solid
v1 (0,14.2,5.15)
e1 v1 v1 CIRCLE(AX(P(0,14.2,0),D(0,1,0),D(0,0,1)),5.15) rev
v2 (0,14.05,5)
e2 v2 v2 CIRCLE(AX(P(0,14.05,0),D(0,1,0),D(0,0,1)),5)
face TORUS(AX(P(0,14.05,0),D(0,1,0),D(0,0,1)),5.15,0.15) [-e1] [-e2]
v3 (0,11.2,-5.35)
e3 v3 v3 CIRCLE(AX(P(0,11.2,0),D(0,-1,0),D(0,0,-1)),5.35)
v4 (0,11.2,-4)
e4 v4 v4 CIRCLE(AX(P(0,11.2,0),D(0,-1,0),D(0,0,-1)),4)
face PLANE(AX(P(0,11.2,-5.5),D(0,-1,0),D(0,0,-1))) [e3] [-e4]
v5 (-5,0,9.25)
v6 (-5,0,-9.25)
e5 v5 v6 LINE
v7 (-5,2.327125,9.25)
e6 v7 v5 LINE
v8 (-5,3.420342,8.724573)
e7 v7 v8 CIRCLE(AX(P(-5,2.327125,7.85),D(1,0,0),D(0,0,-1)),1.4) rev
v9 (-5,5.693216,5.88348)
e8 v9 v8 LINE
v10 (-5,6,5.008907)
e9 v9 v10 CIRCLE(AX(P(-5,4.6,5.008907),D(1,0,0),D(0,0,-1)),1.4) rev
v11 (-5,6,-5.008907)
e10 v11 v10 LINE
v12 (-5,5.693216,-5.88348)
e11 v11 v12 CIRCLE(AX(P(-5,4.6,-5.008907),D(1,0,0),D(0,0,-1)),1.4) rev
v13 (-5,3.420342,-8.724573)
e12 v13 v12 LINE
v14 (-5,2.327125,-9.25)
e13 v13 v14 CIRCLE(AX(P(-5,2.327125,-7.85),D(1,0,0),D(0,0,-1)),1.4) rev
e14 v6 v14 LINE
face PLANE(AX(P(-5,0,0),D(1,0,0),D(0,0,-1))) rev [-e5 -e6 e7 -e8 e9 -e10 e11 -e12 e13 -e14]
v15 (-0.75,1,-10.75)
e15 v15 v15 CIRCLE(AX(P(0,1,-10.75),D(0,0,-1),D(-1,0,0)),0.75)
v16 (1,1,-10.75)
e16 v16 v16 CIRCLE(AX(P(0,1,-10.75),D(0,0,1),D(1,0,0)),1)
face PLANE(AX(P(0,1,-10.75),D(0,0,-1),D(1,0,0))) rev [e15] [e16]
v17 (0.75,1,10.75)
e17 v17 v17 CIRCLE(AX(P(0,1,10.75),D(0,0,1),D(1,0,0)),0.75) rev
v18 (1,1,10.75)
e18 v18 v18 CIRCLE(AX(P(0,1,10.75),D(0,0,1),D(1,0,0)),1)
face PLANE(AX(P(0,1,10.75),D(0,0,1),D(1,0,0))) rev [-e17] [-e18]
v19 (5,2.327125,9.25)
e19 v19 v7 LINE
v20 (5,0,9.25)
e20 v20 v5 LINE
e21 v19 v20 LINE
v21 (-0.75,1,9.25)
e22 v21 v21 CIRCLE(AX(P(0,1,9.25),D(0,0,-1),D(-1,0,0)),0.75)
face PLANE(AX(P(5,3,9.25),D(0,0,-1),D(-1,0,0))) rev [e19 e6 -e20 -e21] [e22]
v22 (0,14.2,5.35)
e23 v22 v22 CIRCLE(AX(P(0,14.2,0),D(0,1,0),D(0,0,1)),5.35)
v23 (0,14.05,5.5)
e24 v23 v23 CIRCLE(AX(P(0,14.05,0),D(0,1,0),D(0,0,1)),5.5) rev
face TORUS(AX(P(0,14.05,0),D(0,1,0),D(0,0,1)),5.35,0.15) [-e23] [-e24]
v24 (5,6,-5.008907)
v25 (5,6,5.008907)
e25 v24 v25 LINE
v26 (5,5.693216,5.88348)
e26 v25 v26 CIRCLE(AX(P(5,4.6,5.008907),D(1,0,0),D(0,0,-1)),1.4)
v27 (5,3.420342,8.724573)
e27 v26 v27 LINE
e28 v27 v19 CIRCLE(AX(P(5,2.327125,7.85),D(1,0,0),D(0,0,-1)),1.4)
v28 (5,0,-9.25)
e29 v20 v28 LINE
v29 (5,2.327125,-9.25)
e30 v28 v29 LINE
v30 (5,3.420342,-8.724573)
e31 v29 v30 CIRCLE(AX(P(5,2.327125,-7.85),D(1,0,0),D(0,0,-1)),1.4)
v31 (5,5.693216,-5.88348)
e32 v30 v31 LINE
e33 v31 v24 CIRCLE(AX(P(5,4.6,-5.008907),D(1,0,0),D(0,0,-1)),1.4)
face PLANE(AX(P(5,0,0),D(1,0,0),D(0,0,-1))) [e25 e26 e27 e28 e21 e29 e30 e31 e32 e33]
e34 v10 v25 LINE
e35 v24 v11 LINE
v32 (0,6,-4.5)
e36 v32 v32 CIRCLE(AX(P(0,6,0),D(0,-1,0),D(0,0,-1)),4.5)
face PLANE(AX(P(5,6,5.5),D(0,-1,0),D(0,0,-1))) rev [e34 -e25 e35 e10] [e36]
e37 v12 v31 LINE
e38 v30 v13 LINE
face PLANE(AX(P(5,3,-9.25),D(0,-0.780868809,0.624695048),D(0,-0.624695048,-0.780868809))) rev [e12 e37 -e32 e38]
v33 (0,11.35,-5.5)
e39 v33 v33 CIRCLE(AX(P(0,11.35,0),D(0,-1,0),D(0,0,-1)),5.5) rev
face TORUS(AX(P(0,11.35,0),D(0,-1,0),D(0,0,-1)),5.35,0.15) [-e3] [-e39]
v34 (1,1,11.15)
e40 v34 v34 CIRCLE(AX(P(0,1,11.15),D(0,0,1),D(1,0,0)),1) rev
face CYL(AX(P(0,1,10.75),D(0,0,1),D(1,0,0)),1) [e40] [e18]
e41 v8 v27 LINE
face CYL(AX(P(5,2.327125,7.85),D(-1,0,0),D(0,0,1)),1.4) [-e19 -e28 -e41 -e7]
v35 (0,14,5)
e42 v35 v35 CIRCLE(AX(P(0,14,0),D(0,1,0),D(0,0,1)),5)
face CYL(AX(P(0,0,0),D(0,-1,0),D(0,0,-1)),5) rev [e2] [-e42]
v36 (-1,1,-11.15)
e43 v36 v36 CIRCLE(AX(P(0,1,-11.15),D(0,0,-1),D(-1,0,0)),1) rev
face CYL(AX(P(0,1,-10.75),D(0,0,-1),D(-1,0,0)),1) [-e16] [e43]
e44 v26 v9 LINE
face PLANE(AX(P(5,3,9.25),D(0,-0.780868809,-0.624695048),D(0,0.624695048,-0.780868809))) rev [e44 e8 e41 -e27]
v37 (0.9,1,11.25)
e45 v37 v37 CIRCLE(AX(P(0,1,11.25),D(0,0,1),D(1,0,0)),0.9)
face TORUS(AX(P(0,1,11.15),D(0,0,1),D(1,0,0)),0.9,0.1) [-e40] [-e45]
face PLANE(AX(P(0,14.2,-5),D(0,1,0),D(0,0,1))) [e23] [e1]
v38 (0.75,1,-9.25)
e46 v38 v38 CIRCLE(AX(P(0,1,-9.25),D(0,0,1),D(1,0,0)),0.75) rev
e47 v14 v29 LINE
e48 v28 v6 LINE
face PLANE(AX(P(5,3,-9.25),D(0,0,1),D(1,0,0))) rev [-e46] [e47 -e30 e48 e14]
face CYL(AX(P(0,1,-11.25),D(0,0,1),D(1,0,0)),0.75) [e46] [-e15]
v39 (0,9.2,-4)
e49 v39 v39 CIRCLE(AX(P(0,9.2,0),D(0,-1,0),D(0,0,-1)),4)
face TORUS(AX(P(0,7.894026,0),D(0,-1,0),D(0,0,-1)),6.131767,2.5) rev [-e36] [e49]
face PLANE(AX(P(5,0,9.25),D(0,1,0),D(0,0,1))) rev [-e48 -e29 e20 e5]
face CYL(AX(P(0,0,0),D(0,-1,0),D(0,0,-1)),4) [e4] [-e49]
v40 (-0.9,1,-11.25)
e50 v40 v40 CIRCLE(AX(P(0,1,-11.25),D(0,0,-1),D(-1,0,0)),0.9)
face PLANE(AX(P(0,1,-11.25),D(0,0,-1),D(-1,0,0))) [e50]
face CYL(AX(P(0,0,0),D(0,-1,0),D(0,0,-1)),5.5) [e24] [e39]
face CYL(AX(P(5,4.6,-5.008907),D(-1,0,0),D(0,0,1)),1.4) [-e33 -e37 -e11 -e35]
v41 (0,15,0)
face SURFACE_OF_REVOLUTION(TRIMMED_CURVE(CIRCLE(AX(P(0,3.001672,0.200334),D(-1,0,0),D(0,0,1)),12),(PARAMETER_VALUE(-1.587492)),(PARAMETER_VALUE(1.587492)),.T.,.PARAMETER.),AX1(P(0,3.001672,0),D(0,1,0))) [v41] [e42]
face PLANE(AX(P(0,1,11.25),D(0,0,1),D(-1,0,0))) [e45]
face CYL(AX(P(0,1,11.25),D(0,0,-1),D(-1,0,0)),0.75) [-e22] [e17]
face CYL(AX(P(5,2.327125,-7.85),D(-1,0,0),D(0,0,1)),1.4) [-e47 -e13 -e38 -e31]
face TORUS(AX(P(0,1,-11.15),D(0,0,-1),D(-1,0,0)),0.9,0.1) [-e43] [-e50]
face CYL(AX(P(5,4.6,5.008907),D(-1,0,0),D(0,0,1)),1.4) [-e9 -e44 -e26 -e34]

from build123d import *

# Parameters (mm, degrees)
BOSS_EXTRUDE1_DEPTH  = 5
FILLET1_R            = 0.15
FILLET2_R            = 1.4
SKETCH4_R            = 0.75
BOSS_EXTRUDE2_DEPTH  = 2
SKETCH5_R            = 1
BOSS_EXTRUDE3_DEPTH  = 0.5
FILLET3_R            = 0.1
FILLET3_OF_MIRROR2_R = 0.1


with BuildPart() as part:
    # Sketch1 → Boss-Extrude1 (new body, symmetric)
    with BuildSketch(Plane(origin=(0, 0, 0), x_dir=(0, 0, -1), z_dir=(1, 0, 0))):
        Polygon((9.25, 3), (5.5, 6), (-5.5, 6), (-9.25, 3), (-9.25, 0), (9.25, 0), align=None)
    extrude(amount=BOSS_EXTRUDE1_DEPTH, both=True)

    # Sketch2 → Revolve1 (revolve)
    with BuildSketch(Plane(origin=(0, 0, 0), x_dir=(0, 0, -1), z_dir=(1, 0, 0))):
        with BuildLine():
            Line((0, 6), (0, 14))
            Line((0, 14), (5, 14))
            Line((5, 14), (5, 14.2))
            Line((5, 14.2), (5.5, 14.2))
            Line((5.5, 14.2), (5.5, 11.2))
            Line((5.5, 11.2), (4, 11.2))
            Line((4, 11.2), (4, 9.2))
            ThreePointArc((4, 9.2), (3.661737334, 7.508083958), (4.5, 6))
            Line((4.5, 6), (0, 6))
        make_face()
    revolve(axis=Axis((0, 0, 0), (0, 1, 0)))

    # Sketch3 → Revolve2 (revolve)
    with BuildSketch(Plane(origin=(0, 0, 0), x_dir=(0, 0, -1), z_dir=(1, 0, 0))):
        with BuildLine():
            Line((0, 14.2), (0, 15))
            ThreePointArc((0, 15), (-2.553728094, 14.768640471), (-5, 14))
            Line((-5, 14), (0, 14))
            Line((0, 14), (0, 14.2))
        make_face()
    revolve(axis=Axis((0, 14.2, 0), (0, -1, 0)))

    # Fillet1
    fillet1_edges = [part.edges().sort_by_distance(p)[0] for p in [
        (0, 11.2, 5.5),
        (0, 14.2, 5.5),
        (0, 14.2, 5),
    ]]
    fillet(fillet1_edges, radius=FILLET1_R)

    # Fillet2
    fillet2_edges = [part.edges().sort_by_distance(p)[0] for p in [
        (0, 3, 9.25),
        (0, 6, 5.5),
        (0, 6, -5.5),
        (0, 3, -9.25),
    ]]
    fillet(fillet2_edges, radius=FILLET2_R)

    # Sketch4 → Boss-Extrude2 (add)
    with BuildSketch(Plane(origin=(0, 0, -9.25), x_dir=(-1, 0, 0), z_dir=(0, 0, -1))):
        with Locations((0, 1)):
            Circle(SKETCH4_R)
    boss_extrude2 = extrude(amount=BOSS_EXTRUDE2_DEPTH)

    # Mirror1: Boss-Extrude2 across plane
    add(boss_extrude2.mirror(Plane.XY))

    # Sketch5 → Boss-Extrude3 (add)
    with BuildSketch(Plane.XY.offset(11.25)):
        with Locations((0, 1)):
            Circle(SKETCH5_R)
    boss_extrude3 = extrude(amount=-BOSS_EXTRUDE3_DEPTH)

    # Fillet3
    fillet3_edges = [part.edges().sort_by_distance(p)[0] for p in [
        (-1, 1, 11.25),
    ]]
    fillet(fillet3_edges, radius=FILLET3_R)

    # Mirror2: Boss-Extrude3 across plane
    add(boss_extrude3.mirror(Plane.XY))

    # Fillet3 of Mirror2
    fillet3_of_mirror2_edges = [part.edges().sort_by_distance(p)[0] for p in [
        (-1, 1, -11.25),
    ]]
    fillet(fillet3_of_mirror2_edges, radius=FILLET3_OF_MIRROR2_R)


solid = part.part
